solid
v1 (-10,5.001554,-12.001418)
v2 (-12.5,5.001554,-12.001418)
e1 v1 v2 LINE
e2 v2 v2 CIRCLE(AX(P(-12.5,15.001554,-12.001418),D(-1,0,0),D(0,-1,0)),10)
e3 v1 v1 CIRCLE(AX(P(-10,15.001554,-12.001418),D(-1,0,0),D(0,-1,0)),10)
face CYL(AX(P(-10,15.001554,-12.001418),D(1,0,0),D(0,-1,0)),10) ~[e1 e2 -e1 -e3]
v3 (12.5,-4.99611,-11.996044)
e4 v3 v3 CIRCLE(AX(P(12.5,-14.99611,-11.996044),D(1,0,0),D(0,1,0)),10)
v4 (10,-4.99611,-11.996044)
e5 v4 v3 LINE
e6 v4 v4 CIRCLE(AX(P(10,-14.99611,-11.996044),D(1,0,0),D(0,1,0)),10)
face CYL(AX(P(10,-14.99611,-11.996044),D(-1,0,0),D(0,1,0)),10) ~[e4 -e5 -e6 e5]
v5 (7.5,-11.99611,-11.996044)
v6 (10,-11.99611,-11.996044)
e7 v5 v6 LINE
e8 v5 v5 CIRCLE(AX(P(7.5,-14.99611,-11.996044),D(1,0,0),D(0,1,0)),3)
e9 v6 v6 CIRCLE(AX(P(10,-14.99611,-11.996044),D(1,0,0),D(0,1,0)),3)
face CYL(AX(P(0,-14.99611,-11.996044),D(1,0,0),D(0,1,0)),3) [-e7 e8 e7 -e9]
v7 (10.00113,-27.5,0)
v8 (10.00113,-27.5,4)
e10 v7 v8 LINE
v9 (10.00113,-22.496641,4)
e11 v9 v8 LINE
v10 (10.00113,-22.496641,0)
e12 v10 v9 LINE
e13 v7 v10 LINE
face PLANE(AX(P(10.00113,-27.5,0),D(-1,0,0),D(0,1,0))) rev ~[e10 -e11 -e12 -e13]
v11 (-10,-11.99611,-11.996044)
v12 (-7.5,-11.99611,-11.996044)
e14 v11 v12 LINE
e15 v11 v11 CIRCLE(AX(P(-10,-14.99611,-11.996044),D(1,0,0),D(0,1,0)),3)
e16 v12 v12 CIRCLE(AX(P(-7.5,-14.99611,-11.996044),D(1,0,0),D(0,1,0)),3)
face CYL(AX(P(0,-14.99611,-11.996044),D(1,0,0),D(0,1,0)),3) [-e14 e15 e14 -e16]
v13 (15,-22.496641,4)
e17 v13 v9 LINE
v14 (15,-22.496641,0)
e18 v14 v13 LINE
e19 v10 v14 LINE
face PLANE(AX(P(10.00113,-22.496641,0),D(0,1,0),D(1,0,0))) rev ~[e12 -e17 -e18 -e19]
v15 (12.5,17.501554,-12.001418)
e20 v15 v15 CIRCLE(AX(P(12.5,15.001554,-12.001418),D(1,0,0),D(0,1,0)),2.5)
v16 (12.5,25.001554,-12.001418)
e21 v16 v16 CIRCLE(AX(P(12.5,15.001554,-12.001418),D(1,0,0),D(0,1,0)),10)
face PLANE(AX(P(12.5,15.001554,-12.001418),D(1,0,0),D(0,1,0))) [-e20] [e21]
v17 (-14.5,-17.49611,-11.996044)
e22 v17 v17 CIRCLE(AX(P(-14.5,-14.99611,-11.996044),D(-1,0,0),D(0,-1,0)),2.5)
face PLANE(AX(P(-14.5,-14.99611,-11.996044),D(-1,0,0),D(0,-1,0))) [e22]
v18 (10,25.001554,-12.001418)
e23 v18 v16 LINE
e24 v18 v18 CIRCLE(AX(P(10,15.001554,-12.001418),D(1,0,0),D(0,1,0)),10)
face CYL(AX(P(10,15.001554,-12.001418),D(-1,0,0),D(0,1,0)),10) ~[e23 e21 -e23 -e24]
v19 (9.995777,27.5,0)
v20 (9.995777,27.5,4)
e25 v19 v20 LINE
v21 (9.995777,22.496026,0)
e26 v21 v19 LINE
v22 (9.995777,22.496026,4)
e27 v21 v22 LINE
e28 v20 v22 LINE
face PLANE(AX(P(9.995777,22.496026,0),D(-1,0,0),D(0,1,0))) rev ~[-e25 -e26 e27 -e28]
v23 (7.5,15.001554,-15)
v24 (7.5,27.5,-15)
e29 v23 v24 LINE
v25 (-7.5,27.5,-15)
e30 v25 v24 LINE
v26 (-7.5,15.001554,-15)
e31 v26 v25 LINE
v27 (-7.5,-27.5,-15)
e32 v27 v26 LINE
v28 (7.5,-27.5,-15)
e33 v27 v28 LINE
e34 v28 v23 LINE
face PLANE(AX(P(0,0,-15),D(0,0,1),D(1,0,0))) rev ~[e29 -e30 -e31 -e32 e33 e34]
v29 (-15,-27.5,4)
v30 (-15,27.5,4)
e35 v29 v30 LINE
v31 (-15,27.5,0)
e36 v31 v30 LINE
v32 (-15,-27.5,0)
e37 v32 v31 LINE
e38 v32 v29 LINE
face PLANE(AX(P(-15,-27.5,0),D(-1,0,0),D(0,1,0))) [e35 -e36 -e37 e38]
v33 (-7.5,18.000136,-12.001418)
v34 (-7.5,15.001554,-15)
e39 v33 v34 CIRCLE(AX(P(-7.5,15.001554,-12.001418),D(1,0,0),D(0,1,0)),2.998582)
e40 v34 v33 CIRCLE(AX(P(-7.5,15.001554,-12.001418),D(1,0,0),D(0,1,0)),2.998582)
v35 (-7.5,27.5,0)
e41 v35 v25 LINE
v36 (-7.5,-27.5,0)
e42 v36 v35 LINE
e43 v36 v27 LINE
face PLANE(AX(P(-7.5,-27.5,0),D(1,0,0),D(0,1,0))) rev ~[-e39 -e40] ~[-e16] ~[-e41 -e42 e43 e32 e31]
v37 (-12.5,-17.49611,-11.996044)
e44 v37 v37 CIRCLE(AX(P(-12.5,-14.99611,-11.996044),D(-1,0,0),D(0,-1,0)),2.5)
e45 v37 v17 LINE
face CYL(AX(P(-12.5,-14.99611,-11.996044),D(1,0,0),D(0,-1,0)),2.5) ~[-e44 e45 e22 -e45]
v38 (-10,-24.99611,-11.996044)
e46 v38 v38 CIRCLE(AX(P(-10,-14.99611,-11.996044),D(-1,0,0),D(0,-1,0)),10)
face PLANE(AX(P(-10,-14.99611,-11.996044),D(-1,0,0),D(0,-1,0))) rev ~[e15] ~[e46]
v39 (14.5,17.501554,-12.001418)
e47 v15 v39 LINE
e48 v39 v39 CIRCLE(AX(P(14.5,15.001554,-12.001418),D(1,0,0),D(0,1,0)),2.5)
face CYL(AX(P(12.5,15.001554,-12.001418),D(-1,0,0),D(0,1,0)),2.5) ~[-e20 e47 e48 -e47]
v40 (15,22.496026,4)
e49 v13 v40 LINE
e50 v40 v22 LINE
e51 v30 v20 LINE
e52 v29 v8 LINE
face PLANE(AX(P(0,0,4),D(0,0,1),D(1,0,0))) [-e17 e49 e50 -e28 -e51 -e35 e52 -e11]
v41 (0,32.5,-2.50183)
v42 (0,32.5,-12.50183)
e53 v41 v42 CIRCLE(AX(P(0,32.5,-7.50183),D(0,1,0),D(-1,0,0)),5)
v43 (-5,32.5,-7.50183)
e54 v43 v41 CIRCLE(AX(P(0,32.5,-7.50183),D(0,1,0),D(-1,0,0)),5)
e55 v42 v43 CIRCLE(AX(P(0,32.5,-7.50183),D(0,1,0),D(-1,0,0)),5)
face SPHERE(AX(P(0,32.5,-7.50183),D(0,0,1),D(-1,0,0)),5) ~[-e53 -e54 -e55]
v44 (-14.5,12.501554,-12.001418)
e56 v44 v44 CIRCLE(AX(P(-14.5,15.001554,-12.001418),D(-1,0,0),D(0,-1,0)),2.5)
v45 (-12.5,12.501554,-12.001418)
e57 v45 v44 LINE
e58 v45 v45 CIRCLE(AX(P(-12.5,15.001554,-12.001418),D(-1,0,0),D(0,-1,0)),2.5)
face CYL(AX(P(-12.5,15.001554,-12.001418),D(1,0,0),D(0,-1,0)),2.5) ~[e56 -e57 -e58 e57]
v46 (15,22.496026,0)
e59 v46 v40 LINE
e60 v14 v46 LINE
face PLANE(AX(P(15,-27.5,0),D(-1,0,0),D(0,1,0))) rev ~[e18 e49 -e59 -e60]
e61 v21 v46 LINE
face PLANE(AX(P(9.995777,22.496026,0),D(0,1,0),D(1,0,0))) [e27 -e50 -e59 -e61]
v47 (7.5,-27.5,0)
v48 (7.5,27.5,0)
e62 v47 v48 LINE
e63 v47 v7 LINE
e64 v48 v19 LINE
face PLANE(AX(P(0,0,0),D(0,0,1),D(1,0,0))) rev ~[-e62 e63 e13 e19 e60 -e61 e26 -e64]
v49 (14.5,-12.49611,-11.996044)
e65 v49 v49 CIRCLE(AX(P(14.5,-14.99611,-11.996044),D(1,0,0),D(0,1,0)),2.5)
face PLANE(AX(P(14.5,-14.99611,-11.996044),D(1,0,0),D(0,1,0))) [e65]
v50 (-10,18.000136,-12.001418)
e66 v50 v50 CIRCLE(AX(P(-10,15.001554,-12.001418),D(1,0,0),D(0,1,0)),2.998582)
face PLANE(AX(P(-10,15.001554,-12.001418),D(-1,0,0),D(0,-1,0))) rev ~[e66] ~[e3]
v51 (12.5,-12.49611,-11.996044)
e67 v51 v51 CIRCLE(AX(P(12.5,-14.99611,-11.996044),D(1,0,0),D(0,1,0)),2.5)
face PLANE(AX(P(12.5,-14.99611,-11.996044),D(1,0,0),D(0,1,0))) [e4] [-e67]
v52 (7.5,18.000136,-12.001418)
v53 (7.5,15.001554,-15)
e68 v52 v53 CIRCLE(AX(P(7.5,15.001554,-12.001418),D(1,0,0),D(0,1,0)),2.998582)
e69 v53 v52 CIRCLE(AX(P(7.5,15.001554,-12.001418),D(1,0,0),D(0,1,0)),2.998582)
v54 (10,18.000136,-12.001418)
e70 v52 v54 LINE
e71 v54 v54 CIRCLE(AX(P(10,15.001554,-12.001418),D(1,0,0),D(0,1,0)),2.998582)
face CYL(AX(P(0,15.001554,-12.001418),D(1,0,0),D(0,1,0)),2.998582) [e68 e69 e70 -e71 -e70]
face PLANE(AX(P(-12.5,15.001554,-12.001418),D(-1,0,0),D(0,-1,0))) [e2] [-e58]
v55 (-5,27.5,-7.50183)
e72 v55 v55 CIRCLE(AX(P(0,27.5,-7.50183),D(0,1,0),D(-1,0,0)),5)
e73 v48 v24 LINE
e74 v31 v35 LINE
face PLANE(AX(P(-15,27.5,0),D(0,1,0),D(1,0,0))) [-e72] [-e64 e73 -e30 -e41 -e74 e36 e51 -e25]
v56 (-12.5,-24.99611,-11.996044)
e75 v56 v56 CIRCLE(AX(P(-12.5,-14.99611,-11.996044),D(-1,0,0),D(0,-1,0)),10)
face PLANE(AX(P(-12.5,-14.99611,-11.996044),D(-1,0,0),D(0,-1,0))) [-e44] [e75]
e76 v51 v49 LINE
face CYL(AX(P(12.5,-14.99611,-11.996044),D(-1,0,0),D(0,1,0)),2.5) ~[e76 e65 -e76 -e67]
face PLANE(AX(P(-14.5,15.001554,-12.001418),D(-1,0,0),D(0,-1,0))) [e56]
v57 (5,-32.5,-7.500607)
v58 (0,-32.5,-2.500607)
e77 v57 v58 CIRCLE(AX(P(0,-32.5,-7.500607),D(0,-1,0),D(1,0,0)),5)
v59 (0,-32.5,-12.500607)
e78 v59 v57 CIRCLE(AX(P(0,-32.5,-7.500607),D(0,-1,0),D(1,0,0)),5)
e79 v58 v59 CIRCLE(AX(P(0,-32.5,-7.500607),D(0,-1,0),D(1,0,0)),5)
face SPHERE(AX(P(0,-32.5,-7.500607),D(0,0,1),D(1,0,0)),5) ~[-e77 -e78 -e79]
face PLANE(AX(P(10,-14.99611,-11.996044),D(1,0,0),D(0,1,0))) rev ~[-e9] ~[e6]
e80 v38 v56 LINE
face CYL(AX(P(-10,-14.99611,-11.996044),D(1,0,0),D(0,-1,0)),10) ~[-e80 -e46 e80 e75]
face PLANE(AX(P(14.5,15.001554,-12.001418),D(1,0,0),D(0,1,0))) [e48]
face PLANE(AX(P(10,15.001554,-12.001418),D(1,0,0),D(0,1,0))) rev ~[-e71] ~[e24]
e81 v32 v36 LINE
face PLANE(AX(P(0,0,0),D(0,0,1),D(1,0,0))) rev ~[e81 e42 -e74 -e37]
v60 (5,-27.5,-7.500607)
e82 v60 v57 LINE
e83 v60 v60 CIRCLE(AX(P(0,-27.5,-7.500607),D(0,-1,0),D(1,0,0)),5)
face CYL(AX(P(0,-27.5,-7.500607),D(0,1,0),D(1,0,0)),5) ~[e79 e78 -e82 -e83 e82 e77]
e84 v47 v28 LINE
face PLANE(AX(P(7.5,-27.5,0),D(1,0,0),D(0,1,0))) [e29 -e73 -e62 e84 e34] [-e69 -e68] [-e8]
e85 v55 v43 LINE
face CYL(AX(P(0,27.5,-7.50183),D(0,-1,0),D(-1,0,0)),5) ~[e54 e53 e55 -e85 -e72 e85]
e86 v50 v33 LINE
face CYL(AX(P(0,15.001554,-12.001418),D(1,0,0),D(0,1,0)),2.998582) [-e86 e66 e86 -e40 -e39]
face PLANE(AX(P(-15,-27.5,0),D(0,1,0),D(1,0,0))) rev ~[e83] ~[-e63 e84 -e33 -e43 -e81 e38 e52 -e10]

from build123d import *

# Parameters (mm, degrees)
F0_W      = 15
F0_H      = 55
F1_DEPTH  = 15
F2_W      = 30
F2_H      = 55
F3_DEPTH  = 4
F4_W      = 4.9988695979
F4_H      = 5.0033593178
F5_DEPTH  = 25
F6_W      = 5.0042228401
F6_H      = 5.0039739907
F7_DEPTH  = 25
F8_R      = 5
F9_DEPTH  = 5
F10_R     = 5
F11_DEPTH = 5
F12_R     = 3
F13_DEPTH = 10
F14_R     = 2.9985824227
F15_DEPTH = 10
F16_R     = 10
F17_DEPTH = 2.5
F18_R     = 10
F19_DEPTH = 2.5
F20_R     = 10
F21_DEPTH = 2.5
F22_R     = 10
F23_DEPTH = 2.5
F24_R     = 2.5
F25_DEPTH = 2
F26_R     = 2.5
F27_DEPTH = 2
F28_R     = 2.5
F29_DEPTH = 2
F30_R     = 2.5
F31_DEPTH = 2


with BuildPart() as f1:
    # F0 (on Top) → F1 (new body)
    with BuildSketch(Plane.XY):
        Rectangle(F0_W, F0_H)
    extrude(amount=-F1_DEPTH)

    # F2 (on Top) → F3 (join)
    with BuildSketch(Plane.XY):
        Rectangle(F2_W, F2_H)
    extrude(amount=F3_DEPTH)

    # F4 (on Top) → F5 (cut)
    with BuildSketch(Plane.XY):
        with Locations((12.500565201, -24.9983203411)):
            Rectangle(F4_W, F4_H)
    extrude(amount=F5_DEPTH, mode=Mode.SUBTRACT)

    # F6 (on Top) → F7 (cut)
    with BuildSketch(Plane.XY):
        with Locations((12.49788858, 24.9980130047)):
            Rectangle(F6_W, F6_H)
    extrude(amount=F7_DEPTH, mode=Mode.SUBTRACT)

    # F8 (on face) → F9 (join)
    with BuildSketch(Plane.XZ.offset(27.5)):
        with Locations((0, -7.500606589)):
            Circle(F8_R)
    extrude(amount=F9_DEPTH)

    # F10 (on face) → F11 (join)
    with BuildSketch(Plane(origin=(0, 27.5, 0), x_dir=(-1, 0, 0), z_dir=(0, 1, 0))):
        with Locations((0, -7.5018298812)):
            Circle(F10_R)
    extrude(amount=F11_DEPTH)

    # F12 (on Right) → F13 (join, symmetric)
    with BuildSketch(Plane.YZ):
        with Locations((-14.9961104617, -11.996043846)):
            Circle(F12_R)
    extrude(amount=F13_DEPTH, both=True)

    # F14 (on Right) → F15 (join, symmetric)
    with BuildSketch(Plane.YZ):
        with Locations((15.0015540421, -12.0014175773)):
            Circle(F14_R)
    extrude(amount=F15_DEPTH, both=True)

    # F16 (on face) → F17 (join)
    with BuildSketch(Plane.YZ.offset(10)):
        with Locations((-14.9961104617, -11.996043846)):
            Circle(F16_R)
    extrude(amount=F17_DEPTH)

    # F18 (on face) → F19 (join)
    with BuildSketch(Plane.YZ.offset(10)):
        with Locations((15.0015540421, -12.0014175773)):
            Circle(F18_R)
    extrude(amount=F19_DEPTH)

    # F20 (on face) → F21 (join)
    with BuildSketch(Plane(origin=(-10, 0, 0), x_dir=(0, -1, 0), z_dir=(-1, 0, 0))):
        with Locations((-15.0015540421, -12.0014175773)):
            Circle(F20_R)
    extrude(amount=F21_DEPTH)

    # F22 (on face) → F23 (join)
    with BuildSketch(Plane(origin=(-10, 0, 0), x_dir=(0, -1, 0), z_dir=(-1, 0, 0))):
        with Locations((14.9961104617, -11.996043846)):
            Circle(F22_R)
    extrude(amount=F23_DEPTH)

    # F24 (on face) → F25 (join)
    with BuildSketch(Plane.YZ.offset(12.5)):
        with Locations((-14.9961104617, -11.996043846)):
            Circle(F24_R)
    extrude(amount=F25_DEPTH)

    # F26 (on face) → F27 (join)
    with BuildSketch(Plane.YZ.offset(12.5)):
        with Locations((15.0015540421, -12.0014175773)):
            Circle(F26_R)
    extrude(amount=F27_DEPTH)

    # F28 (on face) → F29 (join)
    with BuildSketch(Plane(origin=(-12.5, 0, 0), x_dir=(0, -1, 0), z_dir=(-1, 0, 0))):
        with Locations((14.9961104617, -11.996043846)):
            Circle(F28_R)
    extrude(amount=F29_DEPTH)

    # F30 (on face) → F31 (join)
    with BuildSketch(Plane(origin=(-12.5, 0, 0), x_dir=(0, -1, 0), z_dir=(-1, 0, 0))):
        with Locations((-15.0015540421, -12.0014175773)):
            Circle(F30_R)
    extrude(amount=F31_DEPTH)

    # F32 (on face) → F33 (revolve)
    with BuildSketch(Plane(origin=(0, 32.5, 0), x_dir=(-1, 0, 0), z_dir=(0, 1, 0))):
        with BuildLine():
            Line((0, -2.5018298812), (0, -12.5018298812))
            ThreePointArc((0, -12.5018298812), (5, -7.5018298812), (0, -2.5018298812))
        make_face()
    revolve(axis=Axis((0, 32.5, -7.5018298812), (0, 0, -1)))

    # F34 (on face) → F35 (revolve)
    with BuildSketch(Plane.XZ.offset(32.5)):
        with BuildLine():
            Line((0, -2.500606589), (0, -12.500606589))
            ThreePointArc((0, -12.500606589), (5, -7.500606589), (0, -2.500606589))
        make_face()
    revolve(axis=Axis((0, -32.5, -7.500606589), (0, 0, -1)))


solid = f1.part
